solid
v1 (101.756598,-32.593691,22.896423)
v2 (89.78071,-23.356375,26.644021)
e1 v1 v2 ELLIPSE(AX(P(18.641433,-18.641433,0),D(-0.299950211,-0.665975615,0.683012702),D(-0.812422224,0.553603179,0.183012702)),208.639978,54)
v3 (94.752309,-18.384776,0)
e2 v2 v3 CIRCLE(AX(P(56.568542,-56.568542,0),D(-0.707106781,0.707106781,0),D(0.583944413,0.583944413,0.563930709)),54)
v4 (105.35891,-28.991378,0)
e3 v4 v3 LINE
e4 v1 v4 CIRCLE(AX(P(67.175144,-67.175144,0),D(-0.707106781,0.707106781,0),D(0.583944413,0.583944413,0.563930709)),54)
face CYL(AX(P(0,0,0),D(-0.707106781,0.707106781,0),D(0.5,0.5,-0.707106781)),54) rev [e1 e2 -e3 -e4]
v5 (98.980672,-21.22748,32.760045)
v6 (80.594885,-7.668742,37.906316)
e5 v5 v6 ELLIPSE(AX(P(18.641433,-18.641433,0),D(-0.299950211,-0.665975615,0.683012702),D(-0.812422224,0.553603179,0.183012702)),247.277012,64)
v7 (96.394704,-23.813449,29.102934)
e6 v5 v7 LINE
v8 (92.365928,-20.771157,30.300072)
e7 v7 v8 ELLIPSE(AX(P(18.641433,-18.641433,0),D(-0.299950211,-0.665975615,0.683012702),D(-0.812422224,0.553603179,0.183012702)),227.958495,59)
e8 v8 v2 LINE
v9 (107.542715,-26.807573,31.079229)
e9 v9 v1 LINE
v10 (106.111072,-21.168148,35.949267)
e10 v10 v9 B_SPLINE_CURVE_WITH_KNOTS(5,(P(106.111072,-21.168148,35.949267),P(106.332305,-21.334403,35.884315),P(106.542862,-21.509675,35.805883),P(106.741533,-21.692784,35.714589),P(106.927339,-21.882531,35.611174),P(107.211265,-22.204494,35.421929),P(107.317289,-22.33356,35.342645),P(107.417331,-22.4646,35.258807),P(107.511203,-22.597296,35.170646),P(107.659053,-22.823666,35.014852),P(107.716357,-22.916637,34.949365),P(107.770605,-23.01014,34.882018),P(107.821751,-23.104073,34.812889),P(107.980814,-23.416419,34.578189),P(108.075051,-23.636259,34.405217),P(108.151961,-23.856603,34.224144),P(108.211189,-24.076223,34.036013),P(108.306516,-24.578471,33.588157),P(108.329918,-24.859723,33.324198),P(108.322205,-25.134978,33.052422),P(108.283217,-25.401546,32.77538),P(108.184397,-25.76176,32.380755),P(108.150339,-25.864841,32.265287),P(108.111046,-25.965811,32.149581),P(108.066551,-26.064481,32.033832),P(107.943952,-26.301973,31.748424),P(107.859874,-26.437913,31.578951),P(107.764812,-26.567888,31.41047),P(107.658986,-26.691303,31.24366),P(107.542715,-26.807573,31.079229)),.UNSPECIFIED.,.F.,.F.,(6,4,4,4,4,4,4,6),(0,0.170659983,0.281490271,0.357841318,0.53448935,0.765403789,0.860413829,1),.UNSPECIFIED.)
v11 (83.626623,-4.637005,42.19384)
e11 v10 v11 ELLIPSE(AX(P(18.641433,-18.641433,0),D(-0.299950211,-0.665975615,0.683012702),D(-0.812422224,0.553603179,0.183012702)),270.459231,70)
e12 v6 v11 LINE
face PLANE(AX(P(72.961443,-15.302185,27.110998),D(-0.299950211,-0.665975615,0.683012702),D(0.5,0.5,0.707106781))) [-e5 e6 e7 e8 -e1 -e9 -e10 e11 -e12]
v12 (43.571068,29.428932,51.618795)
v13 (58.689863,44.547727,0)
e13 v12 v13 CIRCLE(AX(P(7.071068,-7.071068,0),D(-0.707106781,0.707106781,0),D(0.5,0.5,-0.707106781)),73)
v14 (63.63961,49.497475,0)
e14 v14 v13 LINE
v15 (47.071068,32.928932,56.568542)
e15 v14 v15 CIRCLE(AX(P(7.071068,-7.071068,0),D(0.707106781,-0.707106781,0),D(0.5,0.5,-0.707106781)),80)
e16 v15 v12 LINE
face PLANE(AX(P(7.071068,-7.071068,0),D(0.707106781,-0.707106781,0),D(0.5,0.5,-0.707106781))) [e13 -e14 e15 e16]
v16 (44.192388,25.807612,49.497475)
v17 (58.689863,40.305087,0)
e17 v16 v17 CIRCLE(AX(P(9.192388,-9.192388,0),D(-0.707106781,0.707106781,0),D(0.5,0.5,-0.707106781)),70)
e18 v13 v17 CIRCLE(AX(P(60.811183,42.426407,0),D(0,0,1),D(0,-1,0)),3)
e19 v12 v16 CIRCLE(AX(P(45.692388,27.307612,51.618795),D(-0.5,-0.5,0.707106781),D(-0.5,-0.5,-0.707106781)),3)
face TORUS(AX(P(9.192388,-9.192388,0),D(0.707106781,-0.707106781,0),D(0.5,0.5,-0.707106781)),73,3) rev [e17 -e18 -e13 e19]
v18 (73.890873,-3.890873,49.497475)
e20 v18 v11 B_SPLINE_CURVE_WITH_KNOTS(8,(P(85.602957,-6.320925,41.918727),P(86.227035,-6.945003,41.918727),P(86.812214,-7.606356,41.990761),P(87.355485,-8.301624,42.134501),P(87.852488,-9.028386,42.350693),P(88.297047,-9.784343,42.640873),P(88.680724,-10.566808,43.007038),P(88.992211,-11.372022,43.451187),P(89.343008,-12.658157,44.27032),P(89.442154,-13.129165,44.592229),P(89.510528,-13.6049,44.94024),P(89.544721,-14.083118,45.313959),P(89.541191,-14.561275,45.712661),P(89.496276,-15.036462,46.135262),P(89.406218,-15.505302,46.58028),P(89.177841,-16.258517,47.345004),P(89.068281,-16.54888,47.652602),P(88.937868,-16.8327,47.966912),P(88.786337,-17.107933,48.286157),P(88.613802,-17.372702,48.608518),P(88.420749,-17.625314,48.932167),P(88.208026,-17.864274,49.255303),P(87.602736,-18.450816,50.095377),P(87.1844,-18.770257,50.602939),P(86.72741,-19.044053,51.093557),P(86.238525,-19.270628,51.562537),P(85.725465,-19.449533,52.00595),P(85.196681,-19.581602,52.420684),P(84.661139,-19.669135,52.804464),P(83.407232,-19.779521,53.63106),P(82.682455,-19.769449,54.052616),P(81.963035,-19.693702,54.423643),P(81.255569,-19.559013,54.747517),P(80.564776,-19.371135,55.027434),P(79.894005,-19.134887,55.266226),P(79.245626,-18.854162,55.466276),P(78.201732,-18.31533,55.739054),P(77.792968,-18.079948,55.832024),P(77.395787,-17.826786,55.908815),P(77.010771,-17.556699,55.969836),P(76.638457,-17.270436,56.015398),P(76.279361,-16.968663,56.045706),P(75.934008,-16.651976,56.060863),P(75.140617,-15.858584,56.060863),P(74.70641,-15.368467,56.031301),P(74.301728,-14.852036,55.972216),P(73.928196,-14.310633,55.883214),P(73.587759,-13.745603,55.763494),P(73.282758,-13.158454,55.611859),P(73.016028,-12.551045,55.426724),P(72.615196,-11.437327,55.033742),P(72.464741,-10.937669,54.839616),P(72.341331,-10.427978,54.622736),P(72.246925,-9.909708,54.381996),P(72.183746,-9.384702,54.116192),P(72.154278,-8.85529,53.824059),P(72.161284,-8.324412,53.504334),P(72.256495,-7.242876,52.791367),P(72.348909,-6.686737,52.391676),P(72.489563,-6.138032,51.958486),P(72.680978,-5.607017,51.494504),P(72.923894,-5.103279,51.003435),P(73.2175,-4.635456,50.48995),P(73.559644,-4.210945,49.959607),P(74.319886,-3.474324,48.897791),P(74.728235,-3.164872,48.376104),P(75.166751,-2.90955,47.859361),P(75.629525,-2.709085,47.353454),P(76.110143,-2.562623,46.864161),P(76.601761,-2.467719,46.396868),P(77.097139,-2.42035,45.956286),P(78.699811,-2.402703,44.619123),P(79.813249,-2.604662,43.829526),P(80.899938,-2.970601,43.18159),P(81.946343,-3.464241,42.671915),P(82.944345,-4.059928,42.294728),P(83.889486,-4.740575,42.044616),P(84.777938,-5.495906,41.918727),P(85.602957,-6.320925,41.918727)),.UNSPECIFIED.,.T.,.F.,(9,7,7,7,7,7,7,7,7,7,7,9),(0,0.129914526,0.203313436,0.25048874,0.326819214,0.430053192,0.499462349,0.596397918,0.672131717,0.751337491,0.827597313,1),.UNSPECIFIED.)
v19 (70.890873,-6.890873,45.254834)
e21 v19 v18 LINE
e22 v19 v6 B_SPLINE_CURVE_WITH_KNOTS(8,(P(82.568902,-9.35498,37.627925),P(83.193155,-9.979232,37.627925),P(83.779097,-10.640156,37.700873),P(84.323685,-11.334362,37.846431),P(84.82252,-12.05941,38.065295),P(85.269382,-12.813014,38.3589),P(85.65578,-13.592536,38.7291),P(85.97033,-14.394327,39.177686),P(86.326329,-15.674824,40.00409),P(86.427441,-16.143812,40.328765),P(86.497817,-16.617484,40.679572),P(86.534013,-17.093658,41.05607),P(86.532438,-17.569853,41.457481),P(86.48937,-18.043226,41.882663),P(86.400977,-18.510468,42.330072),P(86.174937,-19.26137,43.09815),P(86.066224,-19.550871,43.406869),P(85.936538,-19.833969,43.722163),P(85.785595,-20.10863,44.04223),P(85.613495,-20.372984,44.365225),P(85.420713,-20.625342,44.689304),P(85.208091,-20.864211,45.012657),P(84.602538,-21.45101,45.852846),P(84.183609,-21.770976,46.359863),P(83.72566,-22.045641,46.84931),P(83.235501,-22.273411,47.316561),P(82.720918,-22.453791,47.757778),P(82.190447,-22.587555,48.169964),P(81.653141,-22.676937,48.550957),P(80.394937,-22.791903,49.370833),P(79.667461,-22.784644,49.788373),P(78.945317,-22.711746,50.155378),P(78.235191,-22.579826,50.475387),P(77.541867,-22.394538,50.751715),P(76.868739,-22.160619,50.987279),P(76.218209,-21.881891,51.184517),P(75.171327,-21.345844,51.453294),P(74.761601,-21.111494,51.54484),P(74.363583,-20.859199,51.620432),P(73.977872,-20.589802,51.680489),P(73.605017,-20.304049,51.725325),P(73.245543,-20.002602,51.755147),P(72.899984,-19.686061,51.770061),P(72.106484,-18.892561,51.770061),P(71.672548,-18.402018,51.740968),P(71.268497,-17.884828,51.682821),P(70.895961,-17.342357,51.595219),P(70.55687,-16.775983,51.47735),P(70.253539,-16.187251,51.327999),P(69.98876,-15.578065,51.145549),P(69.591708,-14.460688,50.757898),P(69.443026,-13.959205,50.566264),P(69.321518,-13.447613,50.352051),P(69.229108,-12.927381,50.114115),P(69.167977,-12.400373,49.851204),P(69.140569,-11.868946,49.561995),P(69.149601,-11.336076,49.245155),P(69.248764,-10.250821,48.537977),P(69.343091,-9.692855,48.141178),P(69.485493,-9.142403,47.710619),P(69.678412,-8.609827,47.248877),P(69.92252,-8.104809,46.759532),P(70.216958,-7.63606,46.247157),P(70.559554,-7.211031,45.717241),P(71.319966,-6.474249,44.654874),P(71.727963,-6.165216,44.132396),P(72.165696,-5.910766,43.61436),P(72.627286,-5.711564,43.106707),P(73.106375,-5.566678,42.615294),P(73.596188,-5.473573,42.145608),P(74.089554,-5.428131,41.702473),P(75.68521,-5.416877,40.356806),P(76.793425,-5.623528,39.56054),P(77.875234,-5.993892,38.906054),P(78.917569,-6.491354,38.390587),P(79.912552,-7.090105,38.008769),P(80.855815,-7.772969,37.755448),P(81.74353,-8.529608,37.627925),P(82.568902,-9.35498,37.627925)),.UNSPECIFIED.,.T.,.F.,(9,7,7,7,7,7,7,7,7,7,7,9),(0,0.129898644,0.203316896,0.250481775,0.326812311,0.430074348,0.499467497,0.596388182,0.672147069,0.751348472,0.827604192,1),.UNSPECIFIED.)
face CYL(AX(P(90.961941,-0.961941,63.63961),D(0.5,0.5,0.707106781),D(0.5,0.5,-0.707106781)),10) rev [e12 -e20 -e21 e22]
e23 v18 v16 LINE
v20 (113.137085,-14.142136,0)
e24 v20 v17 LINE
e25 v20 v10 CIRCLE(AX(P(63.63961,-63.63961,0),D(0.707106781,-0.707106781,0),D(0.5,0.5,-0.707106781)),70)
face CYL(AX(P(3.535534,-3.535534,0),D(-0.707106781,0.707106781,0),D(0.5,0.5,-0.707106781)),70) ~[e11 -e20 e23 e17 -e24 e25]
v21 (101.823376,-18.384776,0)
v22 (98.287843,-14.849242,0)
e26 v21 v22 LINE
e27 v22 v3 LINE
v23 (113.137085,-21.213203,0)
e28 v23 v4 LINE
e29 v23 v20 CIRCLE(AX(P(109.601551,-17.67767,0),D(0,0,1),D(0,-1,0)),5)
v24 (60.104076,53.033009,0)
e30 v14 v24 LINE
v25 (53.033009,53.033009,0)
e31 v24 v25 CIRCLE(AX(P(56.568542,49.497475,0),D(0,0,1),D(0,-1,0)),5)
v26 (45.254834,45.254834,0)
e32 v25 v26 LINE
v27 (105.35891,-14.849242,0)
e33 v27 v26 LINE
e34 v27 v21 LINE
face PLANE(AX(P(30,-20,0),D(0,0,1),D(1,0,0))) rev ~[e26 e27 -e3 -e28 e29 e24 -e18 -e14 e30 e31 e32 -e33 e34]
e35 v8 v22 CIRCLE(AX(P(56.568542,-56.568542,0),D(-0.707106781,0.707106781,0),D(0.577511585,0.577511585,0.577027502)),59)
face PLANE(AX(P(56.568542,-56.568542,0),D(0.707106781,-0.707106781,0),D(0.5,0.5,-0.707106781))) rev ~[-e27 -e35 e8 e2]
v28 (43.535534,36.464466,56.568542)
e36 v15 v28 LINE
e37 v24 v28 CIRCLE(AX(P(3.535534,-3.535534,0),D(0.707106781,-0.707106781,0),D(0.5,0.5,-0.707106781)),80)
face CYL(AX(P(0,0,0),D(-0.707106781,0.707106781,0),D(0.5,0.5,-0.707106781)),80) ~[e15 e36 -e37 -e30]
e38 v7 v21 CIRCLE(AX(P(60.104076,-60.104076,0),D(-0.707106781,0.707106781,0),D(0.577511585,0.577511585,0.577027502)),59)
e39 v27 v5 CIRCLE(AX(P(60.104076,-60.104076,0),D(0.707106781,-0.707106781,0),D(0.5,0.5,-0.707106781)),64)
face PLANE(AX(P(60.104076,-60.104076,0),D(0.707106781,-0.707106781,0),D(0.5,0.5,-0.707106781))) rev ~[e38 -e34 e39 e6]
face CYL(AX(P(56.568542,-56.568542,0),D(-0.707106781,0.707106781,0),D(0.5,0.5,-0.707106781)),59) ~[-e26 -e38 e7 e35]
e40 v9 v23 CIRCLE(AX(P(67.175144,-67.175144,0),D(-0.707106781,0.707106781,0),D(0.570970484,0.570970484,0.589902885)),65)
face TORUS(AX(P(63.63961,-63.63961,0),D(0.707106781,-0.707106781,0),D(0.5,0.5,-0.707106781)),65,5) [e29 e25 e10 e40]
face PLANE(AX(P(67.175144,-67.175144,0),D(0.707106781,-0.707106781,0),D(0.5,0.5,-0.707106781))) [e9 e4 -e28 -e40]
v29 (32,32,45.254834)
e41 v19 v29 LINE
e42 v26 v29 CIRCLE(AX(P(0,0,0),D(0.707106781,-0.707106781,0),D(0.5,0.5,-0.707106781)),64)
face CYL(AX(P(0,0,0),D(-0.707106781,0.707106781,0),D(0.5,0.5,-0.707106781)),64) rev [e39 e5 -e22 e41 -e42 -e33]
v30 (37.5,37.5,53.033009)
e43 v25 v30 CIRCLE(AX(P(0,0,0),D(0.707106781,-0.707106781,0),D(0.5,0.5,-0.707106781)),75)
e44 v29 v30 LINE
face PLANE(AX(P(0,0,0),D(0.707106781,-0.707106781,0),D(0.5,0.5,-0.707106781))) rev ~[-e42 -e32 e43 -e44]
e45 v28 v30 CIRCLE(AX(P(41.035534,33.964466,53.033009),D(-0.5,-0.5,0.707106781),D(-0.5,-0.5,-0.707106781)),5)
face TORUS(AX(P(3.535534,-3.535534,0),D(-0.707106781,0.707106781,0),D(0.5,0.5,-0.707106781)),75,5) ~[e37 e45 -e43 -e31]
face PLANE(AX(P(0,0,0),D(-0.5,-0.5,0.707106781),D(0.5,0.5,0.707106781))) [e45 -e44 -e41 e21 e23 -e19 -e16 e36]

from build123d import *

# Parameters (mm, degrees)
BOX007_W               = 100
BOX007_H               = 100
BOX007_DEPTH           = 100
BOX006_W               = 100
BOX006_H               = 100
BOX006_DEPTH           = 100
BOX006_PLACEMENT_ANGLE = 90
BOX005_W               = 200
BOX005_H               = 200
BOX005_DEPTH           = 100
BOX004_W               = 20
BOX004_H               = 20
BOX004_DEPTH           = 80
BOX003_W               = 20
BOX003_H               = 20
BOX003_DEPTH           = 80
BOX002_W               = 10
BOX002_H               = 25
BOX002_DEPTH           = 35
BOX002_PITCH_ANGLE     = -15
BOX001_W               = 10
BOX001_H               = 25
BOX001_DEPTH           = 35
BOX001_PITCH_ANGLE     = 15
BOX_W                  = 20
BOX_H                  = 25
BOX_DEPTH              = 35
CYLINDER005_R          = 10
CYLINDER005_DEPTH      = 180
CYLINDER005_ROLL_ANGLE = 90
CYLINDER004_R          = 54
CYLINDER004_DEPTH      = 100
CYLINDER003_R          = 59
CYLINDER003_DEPTH      = 10
CYLINDER002_R          = 64
CYLINDER002_DEPTH      = 85
CYLINDER001_R          = 70
CYLINDER001_DEPTH      = 90
CYLINDER_R             = 80
CYLINDER_DEPTH         = 10
FILLET_R               = 3
FILLET001_R            = 5
FILLET002_R            = 5
CUT007_ROLL_ANGLE      = 90
CUT007_PITCH_ANGLE     = 45
CUT007_PLACEMENT_ANGLE = 45
CUT008_ROLL_ANGLE      = -90
CUT008_PITCH_ANGLE     = -45
CUT008_PLACEMENT_ANGLE = 45
CUT010_ROLL_ANGLE      = 90
CUT010_PITCH_ANGLE     = 45
CUT010_PLACEMENT_ANGLE = 45


with BuildPart() as cube004:
    # Box007 → Box007 (new body)
    with BuildSketch(Plane(origin=(0, 0, 0), x_dir=(-1, 0, 0), z_dir=(0, 0, 1))):
        with Locations((50, 50)):
            Rectangle(BOX007_W, BOX007_H)
    extrude(amount=BOX007_DEPTH)


with BuildPart() as cube003:
    # Box006 → Box006 (new body)
    with BuildSketch(Plane.XY):
        with Locations((50, 50)):
            Rectangle(BOX006_W, BOX006_H)
    extrude(amount=BOX006_DEPTH)


with BuildPart() as cube003_1:
    # Box006 placement: moved
    add(cube003.part.rotate(Axis((0, 0, 0), (0, 0, 1)), BOX006_PLACEMENT_ANGLE))


with BuildPart() as cube002:
    # Box005 → Box005 (new body)
    with BuildSketch(Plane(origin=(-70, -120, -100), x_dir=(1, 0, 0), z_dir=(0, 0, 1))):
        with Locations((100, 100)):
            Rectangle(BOX005_W, BOX005_H)
    extrude(amount=BOX005_DEPTH)


with BuildPart() as tab_cut_l:
    # Box004 → Box004 (new body)
    with BuildSketch(Plane(origin=(-83, -10, 20), x_dir=(1, 0, 0), z_dir=(0, 0, 1))):
        with Locations((10, 10)):
            Rectangle(BOX004_W, BOX004_H)
    extrude(amount=BOX004_DEPTH)


with BuildPart() as tab_cut_r:
    # Box003 → Box003 (new body)
    with BuildSketch(Plane(origin=(63, -10, 20), x_dir=(1, 0, 0), z_dir=(0, 0, 1))):
        with Locations((10, 10)):
            Rectangle(BOX003_W, BOX003_H)
    extrude(amount=BOX003_DEPTH)


with BuildPart() as cube001:
    # Box002 → Box002 (new body)
    with BuildSketch(Plane.XY):
        with Locations((5, 12.5)):
            Rectangle(BOX002_W, BOX002_H)
    extrude(amount=BOX002_DEPTH)


with BuildPart() as cube001_1:
    # Box002 pitch: moved
    add(cube001.part.rotate(Axis((0, 0, 0), (0, 1, 0)), BOX002_PITCH_ANGLE))


with BuildPart() as cube001_2:
    # Box002 placement: moved
    add(cube001_1.part.moved(Location((-9.95, 48, 64))))


with BuildPart() as cube:
    # Box001 → Box001 (new body)
    with BuildSketch(Plane.XY):
        with Locations((5, 12.5)):
            Rectangle(BOX001_W, BOX001_H)
    extrude(amount=BOX001_DEPTH)


with BuildPart() as cube_1:
    # Box001 pitch: moved
    add(cube.part.rotate(Axis((0, 0, 0), (0, 1, 0)), BOX001_PITCH_ANGLE))


with BuildPart() as cube_2:
    # Box001 placement: moved
    add(cube_1.part.moved(Location((0, 48, 65))))


with BuildPart() as bearing_slot:
    # Box → Box (new body)
    with BuildSketch(Plane(origin=(-10, 48, 65), x_dir=(1, 0, 0), z_dir=(0, 0, 1))):
        with Locations((10, 12.5)):
            Rectangle(BOX_W, BOX_H)
    extrude(amount=BOX_DEPTH)


with BuildPart() as bearing_holes:
    # Cylinder005 → Cylinder005 (new body)
    with BuildSketch(Plane.XY):
        Circle(CYLINDER005_R)
    extrude(amount=CYLINDER005_DEPTH)


with BuildPart() as bearing_holes_1:
    # Cylinder005 roll: moved
    add(bearing_holes.part.rotate(Axis((0, 0, 0), (1, 0, 0)), CYLINDER005_ROLL_ANGLE))


with BuildPart() as bearing_holes_2:
    # Cylinder005 placement: moved
    add(bearing_holes_1.part.moved(Location((0, 90, 65))))


with BuildPart() as through_hole:
    # Cylinder004 → Cylinder004 (new body)
    with BuildSketch(Plane.XY):
        Circle(CYLINDER004_R)
    extrude(amount=CYLINDER004_DEPTH)


with BuildPart() as inner_lip:
    # Cylinder003 → Cylinder003 (new body)
    with BuildSketch(Plane.XY.offset(80)):
        Circle(CYLINDER003_R)
    extrude(amount=CYLINDER003_DEPTH)


with BuildPart() as inner_hole:
    # Cylinder002 → Cylinder002 (new body)
    with BuildSketch(Plane.XY):
        Circle(CYLINDER002_R)
    extrude(amount=CYLINDER002_DEPTH)


with BuildPart() as body_cylinder:
    # Cylinder001 → Cylinder001 (new body)
    with BuildSketch(Plane.XY.offset(5)):
        Circle(CYLINDER001_R)
    extrude(amount=CYLINDER001_DEPTH)


with BuildPart() as cut010:
    # Cylinder → Cylinder (new body)
    with BuildSketch(Plane.XY):
        Circle(CYLINDER_R)
    extrude(amount=CYLINDER_DEPTH)

    # Fusion: union Body_Cylinder
    add(body_cylinder.part)

    # Cut: cut Inner_Hole
    add(inner_hole.part, mode=Mode.SUBTRACT)

    # Fusion001: union Inner_Lip
    add(inner_lip.part)

    # Cut001: cut Through_Hole
    add(through_hole.part, mode=Mode.SUBTRACT)

    # Fillet
    fillet_edges = [cut010.edges().sort_by_distance(p)[0] for p in [
        (-70, 0, 10),
    ]]
    fillet(fillet_edges, radius=FILLET_R)

    # Fillet001
    fillet001_edges = [cut010.edges().sort_by_distance(p)[0] for p in [
        (-80, 0, 0),
    ]]
    fillet(fillet001_edges, radius=FILLET001_R)

    # Fillet002
    fillet002_edges = [cut010.edges().sort_by_distance(p)[0] for p in [
        (-70, 0, 95),
    ]]
    fillet(fillet002_edges, radius=FILLET002_R)

    # Cut002: cut Bearing_Holes
    add(bearing_holes_2.part, mode=Mode.SUBTRACT)

    # Cut003: cut Bearing_Slot
    add(bearing_slot.part, mode=Mode.SUBTRACT)

    # Cut004: cut Cube
    add(cube_2.part, mode=Mode.SUBTRACT)

    # Cut005: cut Cube001
    add(cube001_2.part, mode=Mode.SUBTRACT)

    # Cut006: cut Tab_Cut_R
    add(tab_cut_r.part, mode=Mode.SUBTRACT)

    # Cut007: cut Tab_Cut_L
    add(tab_cut_l.part, mode=Mode.SUBTRACT)


with BuildPart() as cut010_1:
    # Cut007 roll: moved
    add(cut010.part.rotate(Axis((0, 0, 0), (1, 0, 0)), CUT007_ROLL_ANGLE))


with BuildPart() as cut010_2:
    # Cut007 pitch: moved
    add(cut010_1.part.rotate(Axis((0, 0, 0), (0, 1, 0)), CUT007_PITCH_ANGLE))


with BuildPart() as cut010_3:
    # Cut007 placement: moved
    add(cut010_2.part.rotate(Axis((0, 0, 0), (0, 0, 1)), CUT007_PLACEMENT_ANGLE))

    # Cut008: cut Cube002
    add(cube002.part, mode=Mode.SUBTRACT)


with BuildPart() as cut010_4:
    # Cut008 roll: moved
    add(cut010_3.part.rotate(Axis((0, 0, 0), (1, 0, 0)), CUT008_ROLL_ANGLE))


with BuildPart() as cut010_5:
    # Cut008 pitch: moved
    add(cut010_4.part.rotate(Axis((0, 0, 0), (0, 1, 0)), CUT008_PITCH_ANGLE))


with BuildPart() as cut010_6:
    # Cut008 placement: moved
    add(cut010_5.part.rotate(Axis((0, 0, 0), (0, 0, 1)), CUT008_PLACEMENT_ANGLE))

    # Cut009: cut Cube003
    add(cube003_1.part, mode=Mode.SUBTRACT)

    # Cut010: cut Cube004
    add(cube004.part, mode=Mode.SUBTRACT)


with BuildPart() as cut010_7:
    # Cut010 roll: moved
    add(cut010_6.part.rotate(Axis((0, 0, 0), (1, 0, 0)), CUT010_ROLL_ANGLE))


with BuildPart() as cut010_8:
    # Cut010 pitch: moved
    add(cut010_7.part.rotate(Axis((0, 0, 0), (0, 1, 0)), CUT010_PITCH_ANGLE))


with BuildPart() as cut010_9:
    # Cut010 placement: moved
    add(cut010_8.part.rotate(Axis((0, 0, 0), (0, 0, 1)), CUT010_PLACEMENT_ANGLE))


solid = cut010_9.part
